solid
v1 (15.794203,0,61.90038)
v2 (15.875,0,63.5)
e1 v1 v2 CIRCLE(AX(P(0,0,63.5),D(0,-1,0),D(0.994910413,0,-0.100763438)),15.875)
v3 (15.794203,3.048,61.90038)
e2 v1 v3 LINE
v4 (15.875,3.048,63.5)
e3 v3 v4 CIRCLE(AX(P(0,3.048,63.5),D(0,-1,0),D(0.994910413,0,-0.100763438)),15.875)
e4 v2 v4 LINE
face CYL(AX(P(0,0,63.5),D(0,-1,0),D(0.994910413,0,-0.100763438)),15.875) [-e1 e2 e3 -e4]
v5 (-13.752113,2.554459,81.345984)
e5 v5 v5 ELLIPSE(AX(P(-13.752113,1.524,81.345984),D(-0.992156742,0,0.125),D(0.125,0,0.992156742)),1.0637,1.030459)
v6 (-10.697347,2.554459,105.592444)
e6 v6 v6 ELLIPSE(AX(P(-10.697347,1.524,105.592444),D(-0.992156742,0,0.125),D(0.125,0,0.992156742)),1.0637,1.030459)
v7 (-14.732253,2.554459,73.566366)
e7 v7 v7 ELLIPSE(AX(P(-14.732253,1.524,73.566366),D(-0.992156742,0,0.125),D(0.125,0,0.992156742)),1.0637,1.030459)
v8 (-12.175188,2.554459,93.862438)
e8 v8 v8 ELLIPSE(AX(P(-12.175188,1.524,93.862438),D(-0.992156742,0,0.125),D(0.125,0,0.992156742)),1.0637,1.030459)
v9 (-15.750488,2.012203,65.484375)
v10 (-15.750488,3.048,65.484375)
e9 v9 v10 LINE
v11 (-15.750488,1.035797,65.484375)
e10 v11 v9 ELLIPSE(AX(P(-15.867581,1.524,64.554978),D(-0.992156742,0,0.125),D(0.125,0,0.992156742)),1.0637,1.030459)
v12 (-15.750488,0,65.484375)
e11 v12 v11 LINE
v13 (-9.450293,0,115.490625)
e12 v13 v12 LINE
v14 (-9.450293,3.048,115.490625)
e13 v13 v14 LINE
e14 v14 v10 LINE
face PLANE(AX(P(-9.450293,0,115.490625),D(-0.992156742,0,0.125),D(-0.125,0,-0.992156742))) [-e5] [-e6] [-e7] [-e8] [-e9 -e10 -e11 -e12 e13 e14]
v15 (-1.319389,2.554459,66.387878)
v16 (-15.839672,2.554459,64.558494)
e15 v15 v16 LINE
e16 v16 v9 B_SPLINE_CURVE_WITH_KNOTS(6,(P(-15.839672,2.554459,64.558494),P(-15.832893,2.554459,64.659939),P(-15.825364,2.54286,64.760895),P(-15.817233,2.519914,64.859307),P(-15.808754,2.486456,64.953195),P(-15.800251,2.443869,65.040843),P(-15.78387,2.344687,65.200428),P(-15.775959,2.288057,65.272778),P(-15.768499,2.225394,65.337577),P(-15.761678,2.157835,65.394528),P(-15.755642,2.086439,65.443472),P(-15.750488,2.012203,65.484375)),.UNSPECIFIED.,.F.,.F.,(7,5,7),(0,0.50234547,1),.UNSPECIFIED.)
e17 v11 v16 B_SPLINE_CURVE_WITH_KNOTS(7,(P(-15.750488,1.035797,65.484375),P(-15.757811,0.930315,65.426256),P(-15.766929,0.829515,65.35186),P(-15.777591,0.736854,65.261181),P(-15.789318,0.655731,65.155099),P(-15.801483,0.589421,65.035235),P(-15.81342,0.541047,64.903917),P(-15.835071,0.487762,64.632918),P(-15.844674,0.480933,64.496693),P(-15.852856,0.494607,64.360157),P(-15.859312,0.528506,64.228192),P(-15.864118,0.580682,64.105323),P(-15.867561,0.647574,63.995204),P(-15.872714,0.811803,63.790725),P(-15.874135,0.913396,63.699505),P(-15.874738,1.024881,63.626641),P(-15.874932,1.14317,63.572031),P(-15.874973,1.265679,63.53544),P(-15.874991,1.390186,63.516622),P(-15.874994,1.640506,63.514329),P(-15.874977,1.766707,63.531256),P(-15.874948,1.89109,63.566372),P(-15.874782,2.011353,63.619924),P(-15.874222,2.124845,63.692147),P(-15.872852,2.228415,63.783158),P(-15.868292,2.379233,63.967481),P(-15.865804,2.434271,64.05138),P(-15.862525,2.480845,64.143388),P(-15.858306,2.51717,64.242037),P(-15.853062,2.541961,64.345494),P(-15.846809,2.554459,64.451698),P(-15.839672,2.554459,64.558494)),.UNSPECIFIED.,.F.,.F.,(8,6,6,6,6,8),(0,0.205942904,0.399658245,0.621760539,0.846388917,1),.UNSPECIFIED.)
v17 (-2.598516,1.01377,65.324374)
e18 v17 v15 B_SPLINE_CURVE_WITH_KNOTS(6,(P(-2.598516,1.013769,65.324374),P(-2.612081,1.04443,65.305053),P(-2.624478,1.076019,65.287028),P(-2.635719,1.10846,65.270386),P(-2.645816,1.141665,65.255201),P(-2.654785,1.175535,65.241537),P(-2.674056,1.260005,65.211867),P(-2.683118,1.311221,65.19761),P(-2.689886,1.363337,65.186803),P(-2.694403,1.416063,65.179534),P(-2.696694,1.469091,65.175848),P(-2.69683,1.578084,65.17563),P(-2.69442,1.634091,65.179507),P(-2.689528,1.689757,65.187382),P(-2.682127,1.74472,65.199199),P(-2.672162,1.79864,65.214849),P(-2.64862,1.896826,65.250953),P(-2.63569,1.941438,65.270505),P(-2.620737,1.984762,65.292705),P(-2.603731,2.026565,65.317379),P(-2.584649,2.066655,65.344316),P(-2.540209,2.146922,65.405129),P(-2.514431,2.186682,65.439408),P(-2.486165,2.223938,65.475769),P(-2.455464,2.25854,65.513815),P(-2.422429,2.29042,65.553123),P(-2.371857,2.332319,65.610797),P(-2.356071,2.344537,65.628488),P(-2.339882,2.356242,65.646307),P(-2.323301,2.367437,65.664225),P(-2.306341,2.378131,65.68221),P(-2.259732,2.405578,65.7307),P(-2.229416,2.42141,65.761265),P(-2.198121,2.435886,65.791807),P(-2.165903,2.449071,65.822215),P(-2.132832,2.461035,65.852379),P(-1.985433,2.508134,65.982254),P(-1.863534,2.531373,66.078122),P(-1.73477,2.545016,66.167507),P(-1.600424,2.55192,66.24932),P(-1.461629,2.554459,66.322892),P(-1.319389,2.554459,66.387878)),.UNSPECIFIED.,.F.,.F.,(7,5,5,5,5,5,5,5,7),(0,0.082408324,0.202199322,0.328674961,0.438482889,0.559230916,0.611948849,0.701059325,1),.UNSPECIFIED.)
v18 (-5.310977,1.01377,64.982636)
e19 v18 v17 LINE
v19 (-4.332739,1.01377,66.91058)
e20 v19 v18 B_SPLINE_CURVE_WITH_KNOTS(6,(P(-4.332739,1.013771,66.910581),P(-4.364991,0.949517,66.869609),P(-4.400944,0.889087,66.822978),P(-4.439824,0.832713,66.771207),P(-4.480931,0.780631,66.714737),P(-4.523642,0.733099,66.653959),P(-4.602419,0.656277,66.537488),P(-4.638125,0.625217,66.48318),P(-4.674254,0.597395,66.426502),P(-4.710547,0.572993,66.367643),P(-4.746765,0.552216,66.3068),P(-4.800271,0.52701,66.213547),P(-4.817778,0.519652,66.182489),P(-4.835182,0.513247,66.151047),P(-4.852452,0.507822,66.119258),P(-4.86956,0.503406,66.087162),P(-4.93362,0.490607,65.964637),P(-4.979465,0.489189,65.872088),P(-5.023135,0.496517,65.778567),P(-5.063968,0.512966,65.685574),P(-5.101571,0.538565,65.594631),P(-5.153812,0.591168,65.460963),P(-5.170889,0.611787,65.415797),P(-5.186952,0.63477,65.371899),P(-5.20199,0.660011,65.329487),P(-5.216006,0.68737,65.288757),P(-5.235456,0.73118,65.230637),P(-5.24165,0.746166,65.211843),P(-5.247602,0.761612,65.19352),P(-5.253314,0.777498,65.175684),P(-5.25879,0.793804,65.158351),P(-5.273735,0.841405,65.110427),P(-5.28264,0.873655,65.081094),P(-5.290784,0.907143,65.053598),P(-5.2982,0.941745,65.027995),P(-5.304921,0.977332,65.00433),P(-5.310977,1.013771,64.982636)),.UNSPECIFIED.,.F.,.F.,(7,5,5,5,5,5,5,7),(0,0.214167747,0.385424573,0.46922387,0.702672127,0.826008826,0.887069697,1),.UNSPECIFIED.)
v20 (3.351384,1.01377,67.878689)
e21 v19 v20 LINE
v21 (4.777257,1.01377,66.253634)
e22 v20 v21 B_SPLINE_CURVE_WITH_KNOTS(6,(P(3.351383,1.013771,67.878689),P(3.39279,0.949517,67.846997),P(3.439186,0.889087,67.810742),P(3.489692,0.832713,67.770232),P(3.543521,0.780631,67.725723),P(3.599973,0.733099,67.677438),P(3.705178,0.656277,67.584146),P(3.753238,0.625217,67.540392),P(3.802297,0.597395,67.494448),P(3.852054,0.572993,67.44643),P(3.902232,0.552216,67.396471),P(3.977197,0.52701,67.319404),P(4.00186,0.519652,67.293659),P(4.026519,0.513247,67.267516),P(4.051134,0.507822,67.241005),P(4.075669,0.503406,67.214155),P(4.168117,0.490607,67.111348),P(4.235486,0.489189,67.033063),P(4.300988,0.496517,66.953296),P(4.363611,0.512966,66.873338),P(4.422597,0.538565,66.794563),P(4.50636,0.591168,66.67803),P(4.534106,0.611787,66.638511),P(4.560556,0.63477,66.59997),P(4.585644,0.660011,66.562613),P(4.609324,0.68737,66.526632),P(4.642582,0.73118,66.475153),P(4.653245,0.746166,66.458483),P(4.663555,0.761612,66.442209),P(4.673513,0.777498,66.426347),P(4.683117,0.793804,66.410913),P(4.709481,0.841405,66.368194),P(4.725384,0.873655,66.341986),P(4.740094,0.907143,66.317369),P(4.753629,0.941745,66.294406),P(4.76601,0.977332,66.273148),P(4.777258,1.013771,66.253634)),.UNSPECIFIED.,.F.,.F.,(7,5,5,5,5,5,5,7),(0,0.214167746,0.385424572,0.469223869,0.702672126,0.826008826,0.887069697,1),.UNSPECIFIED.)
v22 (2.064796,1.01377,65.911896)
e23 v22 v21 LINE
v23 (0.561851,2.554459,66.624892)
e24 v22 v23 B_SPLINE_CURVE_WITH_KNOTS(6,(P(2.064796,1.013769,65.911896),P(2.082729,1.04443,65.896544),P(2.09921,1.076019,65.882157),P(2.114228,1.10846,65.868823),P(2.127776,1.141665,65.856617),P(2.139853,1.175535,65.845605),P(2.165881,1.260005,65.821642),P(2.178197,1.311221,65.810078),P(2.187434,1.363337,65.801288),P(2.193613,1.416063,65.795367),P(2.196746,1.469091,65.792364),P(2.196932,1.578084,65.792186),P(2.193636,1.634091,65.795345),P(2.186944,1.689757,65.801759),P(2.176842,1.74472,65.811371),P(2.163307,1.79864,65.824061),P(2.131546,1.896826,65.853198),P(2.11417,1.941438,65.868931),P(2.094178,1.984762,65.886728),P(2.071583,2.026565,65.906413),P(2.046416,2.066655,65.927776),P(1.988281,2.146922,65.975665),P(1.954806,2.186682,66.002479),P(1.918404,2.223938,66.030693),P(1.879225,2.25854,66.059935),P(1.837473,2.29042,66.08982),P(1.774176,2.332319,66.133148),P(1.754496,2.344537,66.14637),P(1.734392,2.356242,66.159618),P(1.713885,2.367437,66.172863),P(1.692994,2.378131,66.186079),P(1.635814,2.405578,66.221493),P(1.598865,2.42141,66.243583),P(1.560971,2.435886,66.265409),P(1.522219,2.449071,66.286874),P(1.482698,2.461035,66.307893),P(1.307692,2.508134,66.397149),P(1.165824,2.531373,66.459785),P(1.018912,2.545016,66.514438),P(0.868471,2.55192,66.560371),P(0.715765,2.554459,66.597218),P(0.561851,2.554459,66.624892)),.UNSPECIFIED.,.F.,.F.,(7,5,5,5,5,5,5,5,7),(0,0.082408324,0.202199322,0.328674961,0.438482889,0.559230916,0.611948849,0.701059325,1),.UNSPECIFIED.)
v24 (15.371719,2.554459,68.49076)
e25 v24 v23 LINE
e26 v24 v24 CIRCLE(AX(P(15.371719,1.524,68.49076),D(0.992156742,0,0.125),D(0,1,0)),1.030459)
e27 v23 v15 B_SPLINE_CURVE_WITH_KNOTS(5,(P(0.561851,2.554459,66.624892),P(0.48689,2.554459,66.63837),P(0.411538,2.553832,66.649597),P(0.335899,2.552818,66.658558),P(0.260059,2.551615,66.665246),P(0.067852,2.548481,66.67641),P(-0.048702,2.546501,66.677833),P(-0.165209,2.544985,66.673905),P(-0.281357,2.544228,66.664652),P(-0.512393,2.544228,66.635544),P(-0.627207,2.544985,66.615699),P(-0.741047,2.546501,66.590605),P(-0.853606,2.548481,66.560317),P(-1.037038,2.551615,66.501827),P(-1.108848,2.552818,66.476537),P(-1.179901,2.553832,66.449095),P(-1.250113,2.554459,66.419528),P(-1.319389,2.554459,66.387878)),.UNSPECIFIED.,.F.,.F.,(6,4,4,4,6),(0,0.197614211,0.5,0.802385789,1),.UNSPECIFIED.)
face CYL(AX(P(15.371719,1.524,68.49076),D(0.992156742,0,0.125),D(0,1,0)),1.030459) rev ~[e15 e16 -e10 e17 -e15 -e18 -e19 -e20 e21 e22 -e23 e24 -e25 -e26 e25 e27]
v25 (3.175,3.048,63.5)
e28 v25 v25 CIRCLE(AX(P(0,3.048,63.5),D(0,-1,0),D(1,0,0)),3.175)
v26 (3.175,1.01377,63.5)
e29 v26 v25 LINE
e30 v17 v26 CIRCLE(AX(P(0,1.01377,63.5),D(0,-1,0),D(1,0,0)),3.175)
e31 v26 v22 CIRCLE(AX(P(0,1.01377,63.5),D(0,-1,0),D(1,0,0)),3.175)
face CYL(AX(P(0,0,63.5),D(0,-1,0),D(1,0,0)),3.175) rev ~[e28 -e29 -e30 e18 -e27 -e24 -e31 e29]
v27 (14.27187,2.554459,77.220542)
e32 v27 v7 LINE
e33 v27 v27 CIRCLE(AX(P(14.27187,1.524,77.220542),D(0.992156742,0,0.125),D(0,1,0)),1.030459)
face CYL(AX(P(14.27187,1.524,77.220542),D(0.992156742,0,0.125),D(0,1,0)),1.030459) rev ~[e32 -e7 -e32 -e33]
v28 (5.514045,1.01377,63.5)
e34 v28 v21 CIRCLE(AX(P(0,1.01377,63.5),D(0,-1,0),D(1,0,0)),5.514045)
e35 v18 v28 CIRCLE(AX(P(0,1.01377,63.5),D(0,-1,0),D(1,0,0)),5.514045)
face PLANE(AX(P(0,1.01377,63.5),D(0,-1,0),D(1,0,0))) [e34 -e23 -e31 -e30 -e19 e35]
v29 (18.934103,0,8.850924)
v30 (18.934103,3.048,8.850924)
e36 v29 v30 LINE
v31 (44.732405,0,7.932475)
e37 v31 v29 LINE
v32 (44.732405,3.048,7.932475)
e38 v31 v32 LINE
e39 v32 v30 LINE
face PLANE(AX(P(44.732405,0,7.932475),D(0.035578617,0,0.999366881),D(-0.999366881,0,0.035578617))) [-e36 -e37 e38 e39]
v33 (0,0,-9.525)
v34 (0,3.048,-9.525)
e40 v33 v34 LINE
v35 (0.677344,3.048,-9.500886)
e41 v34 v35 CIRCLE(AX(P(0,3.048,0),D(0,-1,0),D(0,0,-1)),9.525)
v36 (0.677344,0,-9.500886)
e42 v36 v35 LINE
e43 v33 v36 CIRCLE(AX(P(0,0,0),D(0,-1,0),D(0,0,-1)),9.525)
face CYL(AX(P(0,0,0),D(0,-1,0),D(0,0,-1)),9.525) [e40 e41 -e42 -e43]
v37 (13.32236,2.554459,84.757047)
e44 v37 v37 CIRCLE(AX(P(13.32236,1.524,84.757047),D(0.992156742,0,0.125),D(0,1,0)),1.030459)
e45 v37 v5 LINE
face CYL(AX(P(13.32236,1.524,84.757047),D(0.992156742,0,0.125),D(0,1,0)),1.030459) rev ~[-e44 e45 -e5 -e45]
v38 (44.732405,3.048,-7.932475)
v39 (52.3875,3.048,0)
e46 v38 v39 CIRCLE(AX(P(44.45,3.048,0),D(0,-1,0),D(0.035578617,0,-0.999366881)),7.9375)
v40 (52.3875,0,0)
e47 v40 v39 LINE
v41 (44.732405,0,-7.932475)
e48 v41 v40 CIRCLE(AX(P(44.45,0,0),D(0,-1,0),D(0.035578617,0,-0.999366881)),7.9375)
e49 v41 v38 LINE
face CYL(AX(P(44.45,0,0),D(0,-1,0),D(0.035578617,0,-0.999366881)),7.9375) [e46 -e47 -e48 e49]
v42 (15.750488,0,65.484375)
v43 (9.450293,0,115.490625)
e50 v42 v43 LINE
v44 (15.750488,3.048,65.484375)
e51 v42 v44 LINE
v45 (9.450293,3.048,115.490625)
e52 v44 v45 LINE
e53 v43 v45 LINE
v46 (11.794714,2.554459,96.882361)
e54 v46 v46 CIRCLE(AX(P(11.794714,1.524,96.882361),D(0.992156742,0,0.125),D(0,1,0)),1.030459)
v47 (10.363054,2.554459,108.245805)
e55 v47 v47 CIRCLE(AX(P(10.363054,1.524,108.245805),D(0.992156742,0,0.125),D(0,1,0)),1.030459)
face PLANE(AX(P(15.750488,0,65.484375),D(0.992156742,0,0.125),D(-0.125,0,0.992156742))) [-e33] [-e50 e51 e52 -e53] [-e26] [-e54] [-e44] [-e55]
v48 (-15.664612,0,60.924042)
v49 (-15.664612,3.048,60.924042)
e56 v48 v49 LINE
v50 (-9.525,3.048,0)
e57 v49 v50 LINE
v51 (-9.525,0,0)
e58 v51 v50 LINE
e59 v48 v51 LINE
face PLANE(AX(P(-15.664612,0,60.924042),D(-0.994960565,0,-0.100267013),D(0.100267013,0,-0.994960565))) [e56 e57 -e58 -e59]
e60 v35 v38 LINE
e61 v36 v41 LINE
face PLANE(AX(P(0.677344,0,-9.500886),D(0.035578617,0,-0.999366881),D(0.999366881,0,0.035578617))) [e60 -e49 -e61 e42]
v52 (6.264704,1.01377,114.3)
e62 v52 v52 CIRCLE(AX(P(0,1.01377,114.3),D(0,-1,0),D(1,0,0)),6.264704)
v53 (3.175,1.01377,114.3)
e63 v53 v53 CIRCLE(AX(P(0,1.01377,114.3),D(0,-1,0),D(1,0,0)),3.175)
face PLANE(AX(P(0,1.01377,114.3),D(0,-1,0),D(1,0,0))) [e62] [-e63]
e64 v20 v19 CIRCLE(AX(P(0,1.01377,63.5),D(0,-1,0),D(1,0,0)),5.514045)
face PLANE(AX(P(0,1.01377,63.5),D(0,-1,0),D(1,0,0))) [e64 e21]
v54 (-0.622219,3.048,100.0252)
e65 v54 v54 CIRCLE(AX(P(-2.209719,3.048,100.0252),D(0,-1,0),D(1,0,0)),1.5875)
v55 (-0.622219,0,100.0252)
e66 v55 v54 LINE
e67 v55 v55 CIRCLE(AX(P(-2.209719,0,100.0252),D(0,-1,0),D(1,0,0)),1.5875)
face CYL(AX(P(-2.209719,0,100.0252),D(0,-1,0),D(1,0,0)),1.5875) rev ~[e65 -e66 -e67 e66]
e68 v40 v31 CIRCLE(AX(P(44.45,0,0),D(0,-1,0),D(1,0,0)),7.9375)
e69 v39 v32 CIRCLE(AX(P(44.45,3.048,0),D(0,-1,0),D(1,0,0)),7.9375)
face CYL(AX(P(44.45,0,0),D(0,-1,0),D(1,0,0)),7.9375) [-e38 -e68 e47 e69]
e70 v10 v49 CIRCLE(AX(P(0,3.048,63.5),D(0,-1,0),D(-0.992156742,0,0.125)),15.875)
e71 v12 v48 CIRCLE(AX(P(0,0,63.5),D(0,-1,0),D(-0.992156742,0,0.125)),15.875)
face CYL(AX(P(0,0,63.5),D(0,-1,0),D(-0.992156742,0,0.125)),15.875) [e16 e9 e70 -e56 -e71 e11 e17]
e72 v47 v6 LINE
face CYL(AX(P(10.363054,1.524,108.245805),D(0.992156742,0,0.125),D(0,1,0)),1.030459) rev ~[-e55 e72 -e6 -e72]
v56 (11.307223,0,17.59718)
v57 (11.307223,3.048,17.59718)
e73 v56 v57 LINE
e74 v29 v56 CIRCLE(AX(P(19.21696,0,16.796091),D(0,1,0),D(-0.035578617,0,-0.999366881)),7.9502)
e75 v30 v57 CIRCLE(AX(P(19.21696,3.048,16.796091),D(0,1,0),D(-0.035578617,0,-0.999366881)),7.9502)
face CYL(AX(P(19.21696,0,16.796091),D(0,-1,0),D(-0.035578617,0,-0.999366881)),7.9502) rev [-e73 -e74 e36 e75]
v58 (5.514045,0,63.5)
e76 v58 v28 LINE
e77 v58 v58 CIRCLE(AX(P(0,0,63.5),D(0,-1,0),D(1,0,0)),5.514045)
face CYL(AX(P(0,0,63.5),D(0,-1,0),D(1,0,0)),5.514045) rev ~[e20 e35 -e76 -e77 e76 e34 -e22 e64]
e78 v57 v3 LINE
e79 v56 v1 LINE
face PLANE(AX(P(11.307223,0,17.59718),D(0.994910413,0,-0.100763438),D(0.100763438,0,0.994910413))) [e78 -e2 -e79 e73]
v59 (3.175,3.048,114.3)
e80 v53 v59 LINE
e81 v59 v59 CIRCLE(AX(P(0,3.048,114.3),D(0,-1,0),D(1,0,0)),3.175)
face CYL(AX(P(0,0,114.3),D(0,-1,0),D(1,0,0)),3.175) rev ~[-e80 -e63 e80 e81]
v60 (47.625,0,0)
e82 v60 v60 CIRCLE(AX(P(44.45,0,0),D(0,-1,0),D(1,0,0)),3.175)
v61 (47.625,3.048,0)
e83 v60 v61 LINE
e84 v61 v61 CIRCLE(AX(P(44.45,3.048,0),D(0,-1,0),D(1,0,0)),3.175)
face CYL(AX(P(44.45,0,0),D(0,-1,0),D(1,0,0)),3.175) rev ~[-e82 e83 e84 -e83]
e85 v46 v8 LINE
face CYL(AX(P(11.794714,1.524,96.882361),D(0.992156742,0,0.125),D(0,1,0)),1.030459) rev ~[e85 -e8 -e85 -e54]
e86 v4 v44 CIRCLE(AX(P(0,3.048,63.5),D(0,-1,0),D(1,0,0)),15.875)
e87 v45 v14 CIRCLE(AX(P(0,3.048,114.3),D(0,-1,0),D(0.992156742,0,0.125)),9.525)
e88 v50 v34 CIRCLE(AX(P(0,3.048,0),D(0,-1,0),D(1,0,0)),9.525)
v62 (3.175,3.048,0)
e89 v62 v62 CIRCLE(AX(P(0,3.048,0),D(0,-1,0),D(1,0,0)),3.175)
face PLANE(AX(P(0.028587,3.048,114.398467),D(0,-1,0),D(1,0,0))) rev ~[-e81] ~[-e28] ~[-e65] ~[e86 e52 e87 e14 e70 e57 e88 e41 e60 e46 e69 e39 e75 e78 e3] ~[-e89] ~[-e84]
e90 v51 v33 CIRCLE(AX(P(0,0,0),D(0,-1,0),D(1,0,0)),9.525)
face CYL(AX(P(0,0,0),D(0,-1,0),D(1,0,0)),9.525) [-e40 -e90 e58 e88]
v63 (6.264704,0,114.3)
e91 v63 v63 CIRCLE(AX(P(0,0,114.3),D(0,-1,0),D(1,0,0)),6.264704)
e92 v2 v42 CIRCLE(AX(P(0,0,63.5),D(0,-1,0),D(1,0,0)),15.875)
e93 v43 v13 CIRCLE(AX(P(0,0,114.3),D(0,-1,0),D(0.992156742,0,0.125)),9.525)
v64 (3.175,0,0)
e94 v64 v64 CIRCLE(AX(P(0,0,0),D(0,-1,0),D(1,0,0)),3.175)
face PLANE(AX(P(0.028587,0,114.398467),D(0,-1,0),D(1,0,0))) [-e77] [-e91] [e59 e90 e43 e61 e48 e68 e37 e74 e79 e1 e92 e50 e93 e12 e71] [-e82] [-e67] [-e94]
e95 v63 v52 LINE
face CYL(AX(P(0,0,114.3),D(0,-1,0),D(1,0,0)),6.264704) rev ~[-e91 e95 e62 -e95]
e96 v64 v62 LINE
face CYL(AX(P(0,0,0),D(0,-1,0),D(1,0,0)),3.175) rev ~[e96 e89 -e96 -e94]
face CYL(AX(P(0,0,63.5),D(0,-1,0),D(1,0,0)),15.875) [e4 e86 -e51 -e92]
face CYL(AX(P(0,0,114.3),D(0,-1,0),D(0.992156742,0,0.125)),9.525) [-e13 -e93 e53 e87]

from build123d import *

# Parameters (mm, degrees)
F0_R     = 3.175
F0_R_2   = 1.5875
F1_DEPTH = 3.048
F2_R     = 6.2647039053
F2_R_2   = 3.175
F2_R_3   = 5.5140447668
F3_DEPTH = 1.01377
F4_R     = 1.0304590852
F5_DEPTH = 34.51469


with BuildPart() as f1:
    # F0 (on Front) → F1 (new body)
    with BuildSketch(Plane.XZ):
        with BuildLine():
            ThreePointArc((-9.4502929642, 115.490625), (-0.596483242, 104.7936951058), (9.525, 114.3))
            ThreePointArc((9.525, 114.3), (9.5063048942, 114.896483242), (9.4502929642, 115.490625))
            ThreePointArc((9.4502929642, 115.490625), (0, 123.825), (-9.4502929642, 115.490625))
        make_face()
        with Locations((0, 114.3)):
            Circle(F0_R, mode=Mode.SUBTRACT)
        with BuildLine():
            ThreePointArc((52.3875, 0), (50.1616327839, 5.5119104847), (44.7324052746, 7.9324746146))
            ThreePointArc((44.7324052746, 7.9324746146), (36.5125, 0), (44.7324052746, -7.9324746146))
            ThreePointArc((44.7324052746, -7.9324746146), (50.1616327839, -5.5119104847), (52.3875, 0))
        make_face()
        with Locations((44.45, 0)):
            Circle(F0_R, mode=Mode.SUBTRACT)
        with BuildLine():
            ThreePointArc((9.4502929642, 115.490625), (9.5063048942, 114.896483242), (9.525, 114.3))
            ThreePointArc((9.525, 114.3), (-0.596483242, 104.7936951058), (-9.4502929642, 115.490625))
            Line((-9.4502929642, 115.490625), (-15.7504882737, 65.484375))
            ThreePointArc((-15.7504882737, 65.484375), (0, 79.375), (15.7504882737, 65.484375))
            Line((15.7504882737, 65.484375), (9.4502929642, 115.490625))
        make_face()
        with Locations((-2.209718572, 100.0252)):
            Circle(F0_R_2, mode=Mode.SUBTRACT)
        with BuildLine():
            ThreePointArc((15.875, 63.5), (15.8438414904, 64.4941387366), (15.7504882737, 65.484375))
            ThreePointArc((15.7504882737, 65.484375), (0, 79.375), (-15.7504882737, 65.484375))
            ThreePointArc((-15.7504882737, 65.484375), (-15.8721860132, 63.2011084429), (-15.6646119555, 60.9240424533))
            ThreePointArc((-15.6646119555, 60.9240424533), (0.4924504072, 47.6326398668), (15.7942028036, 61.9003804205))
            ThreePointArc((15.7942028036, 61.9003804205), (15.8547878338, 62.6991705884), (15.875, 63.5))
        make_face()
        with Locations((0, 63.5)):
            Circle(F0_R, mode=Mode.SUBTRACT)
        with BuildLine():
            ThreePointArc((15.7942028036, 61.9003804205), (0.4924504072, 47.6326398668), (-15.6646119555, 60.9240424533))
            Line((-15.6646119555, 60.9240424533), (-9.525, 0))
            ThreePointArc((-9.525, 0), (0, 9.525), (9.525, 0))
            ThreePointArc((9.525, 0), (6.9705567315, -6.4912990883), (0.6773435479, -9.500885786))
            Line((0.6773435479, -9.500885786), (44.7324052746, -7.9324746146))
            ThreePointArc((44.7324052746, -7.9324746146), (36.5125, 0), (44.7324052746, 7.9324746146))
            Line((44.7324052746, 7.9324746146), (18.9341027877, 8.850924033))
            ThreePointArc((18.9341027877, 8.850924033), (13.2249738114, 11.5709798305), (11.3072231466, 17.5971800924))
            Line((11.3072231466, 17.5971800924), (15.7942028036, 61.9003804205))
        make_face()
        with BuildLine():
            ThreePointArc((9.525, 0), (0, 9.525), (-9.525, 0))
            ThreePointArc((-9.525, 0), (-6.7351920908, -6.7351920908), (0, -9.525))
            Line((0, -9.525), (0.6773435479, -9.500885786))
            ThreePointArc((0.6773435479, -9.500885786), (6.9705567315, -6.4912990883), (9.525, 0))
        make_face()
        Circle(F0_R, mode=Mode.SUBTRACT)
        with BuildLine():
            Line((0.6773435479, -9.500885786), (0, -9.525))
            ThreePointArc((0, -9.525), (0.3388863295, -9.5189695375), (0.6773435479, -9.500885786))
        make_face()
    extrude(amount=-F1_DEPTH)

    # F2 (on face) → F3 (cut)
    with BuildSketch(Plane.XZ):
        with Locations((0, 114.3)):
            Circle(F2_R)
        with Locations((0, 114.3)):
            Circle(F2_R_2, mode=Mode.SUBTRACT)
        with Locations((0, 63.5)):
            Circle(F2_R_3)
        with Locations((0, 63.5)):
            Circle(F2_R_2, mode=Mode.SUBTRACT)
    extrude(amount=-F3_DEPTH, mode=Mode.SUBTRACT)

    # F4 (on face) → F5 (cut)
    with BuildSketch(Plane(origin=(23.6257324105, 0, 2.9765625), x_dir=(0, 1, 0), z_dir=(0.9921567416, 0, 0.125))):
        with Locations((1.524, 66.0321041942)):
            Circle(F4_R)
        with Locations((1.524, 74.8308971524)):
            Circle(F4_R)
        with Locations((1.524, 82.4269801378)):
            Circle(F4_R)
        with Locations((1.524, 94.6481488792)):
            Circle(F4_R)
        with Locations((1.524, 106.101423502)):
            Circle(F4_R)
    extrude(amount=-F5_DEPTH, mode=Mode.SUBTRACT)


solid = f1.part
